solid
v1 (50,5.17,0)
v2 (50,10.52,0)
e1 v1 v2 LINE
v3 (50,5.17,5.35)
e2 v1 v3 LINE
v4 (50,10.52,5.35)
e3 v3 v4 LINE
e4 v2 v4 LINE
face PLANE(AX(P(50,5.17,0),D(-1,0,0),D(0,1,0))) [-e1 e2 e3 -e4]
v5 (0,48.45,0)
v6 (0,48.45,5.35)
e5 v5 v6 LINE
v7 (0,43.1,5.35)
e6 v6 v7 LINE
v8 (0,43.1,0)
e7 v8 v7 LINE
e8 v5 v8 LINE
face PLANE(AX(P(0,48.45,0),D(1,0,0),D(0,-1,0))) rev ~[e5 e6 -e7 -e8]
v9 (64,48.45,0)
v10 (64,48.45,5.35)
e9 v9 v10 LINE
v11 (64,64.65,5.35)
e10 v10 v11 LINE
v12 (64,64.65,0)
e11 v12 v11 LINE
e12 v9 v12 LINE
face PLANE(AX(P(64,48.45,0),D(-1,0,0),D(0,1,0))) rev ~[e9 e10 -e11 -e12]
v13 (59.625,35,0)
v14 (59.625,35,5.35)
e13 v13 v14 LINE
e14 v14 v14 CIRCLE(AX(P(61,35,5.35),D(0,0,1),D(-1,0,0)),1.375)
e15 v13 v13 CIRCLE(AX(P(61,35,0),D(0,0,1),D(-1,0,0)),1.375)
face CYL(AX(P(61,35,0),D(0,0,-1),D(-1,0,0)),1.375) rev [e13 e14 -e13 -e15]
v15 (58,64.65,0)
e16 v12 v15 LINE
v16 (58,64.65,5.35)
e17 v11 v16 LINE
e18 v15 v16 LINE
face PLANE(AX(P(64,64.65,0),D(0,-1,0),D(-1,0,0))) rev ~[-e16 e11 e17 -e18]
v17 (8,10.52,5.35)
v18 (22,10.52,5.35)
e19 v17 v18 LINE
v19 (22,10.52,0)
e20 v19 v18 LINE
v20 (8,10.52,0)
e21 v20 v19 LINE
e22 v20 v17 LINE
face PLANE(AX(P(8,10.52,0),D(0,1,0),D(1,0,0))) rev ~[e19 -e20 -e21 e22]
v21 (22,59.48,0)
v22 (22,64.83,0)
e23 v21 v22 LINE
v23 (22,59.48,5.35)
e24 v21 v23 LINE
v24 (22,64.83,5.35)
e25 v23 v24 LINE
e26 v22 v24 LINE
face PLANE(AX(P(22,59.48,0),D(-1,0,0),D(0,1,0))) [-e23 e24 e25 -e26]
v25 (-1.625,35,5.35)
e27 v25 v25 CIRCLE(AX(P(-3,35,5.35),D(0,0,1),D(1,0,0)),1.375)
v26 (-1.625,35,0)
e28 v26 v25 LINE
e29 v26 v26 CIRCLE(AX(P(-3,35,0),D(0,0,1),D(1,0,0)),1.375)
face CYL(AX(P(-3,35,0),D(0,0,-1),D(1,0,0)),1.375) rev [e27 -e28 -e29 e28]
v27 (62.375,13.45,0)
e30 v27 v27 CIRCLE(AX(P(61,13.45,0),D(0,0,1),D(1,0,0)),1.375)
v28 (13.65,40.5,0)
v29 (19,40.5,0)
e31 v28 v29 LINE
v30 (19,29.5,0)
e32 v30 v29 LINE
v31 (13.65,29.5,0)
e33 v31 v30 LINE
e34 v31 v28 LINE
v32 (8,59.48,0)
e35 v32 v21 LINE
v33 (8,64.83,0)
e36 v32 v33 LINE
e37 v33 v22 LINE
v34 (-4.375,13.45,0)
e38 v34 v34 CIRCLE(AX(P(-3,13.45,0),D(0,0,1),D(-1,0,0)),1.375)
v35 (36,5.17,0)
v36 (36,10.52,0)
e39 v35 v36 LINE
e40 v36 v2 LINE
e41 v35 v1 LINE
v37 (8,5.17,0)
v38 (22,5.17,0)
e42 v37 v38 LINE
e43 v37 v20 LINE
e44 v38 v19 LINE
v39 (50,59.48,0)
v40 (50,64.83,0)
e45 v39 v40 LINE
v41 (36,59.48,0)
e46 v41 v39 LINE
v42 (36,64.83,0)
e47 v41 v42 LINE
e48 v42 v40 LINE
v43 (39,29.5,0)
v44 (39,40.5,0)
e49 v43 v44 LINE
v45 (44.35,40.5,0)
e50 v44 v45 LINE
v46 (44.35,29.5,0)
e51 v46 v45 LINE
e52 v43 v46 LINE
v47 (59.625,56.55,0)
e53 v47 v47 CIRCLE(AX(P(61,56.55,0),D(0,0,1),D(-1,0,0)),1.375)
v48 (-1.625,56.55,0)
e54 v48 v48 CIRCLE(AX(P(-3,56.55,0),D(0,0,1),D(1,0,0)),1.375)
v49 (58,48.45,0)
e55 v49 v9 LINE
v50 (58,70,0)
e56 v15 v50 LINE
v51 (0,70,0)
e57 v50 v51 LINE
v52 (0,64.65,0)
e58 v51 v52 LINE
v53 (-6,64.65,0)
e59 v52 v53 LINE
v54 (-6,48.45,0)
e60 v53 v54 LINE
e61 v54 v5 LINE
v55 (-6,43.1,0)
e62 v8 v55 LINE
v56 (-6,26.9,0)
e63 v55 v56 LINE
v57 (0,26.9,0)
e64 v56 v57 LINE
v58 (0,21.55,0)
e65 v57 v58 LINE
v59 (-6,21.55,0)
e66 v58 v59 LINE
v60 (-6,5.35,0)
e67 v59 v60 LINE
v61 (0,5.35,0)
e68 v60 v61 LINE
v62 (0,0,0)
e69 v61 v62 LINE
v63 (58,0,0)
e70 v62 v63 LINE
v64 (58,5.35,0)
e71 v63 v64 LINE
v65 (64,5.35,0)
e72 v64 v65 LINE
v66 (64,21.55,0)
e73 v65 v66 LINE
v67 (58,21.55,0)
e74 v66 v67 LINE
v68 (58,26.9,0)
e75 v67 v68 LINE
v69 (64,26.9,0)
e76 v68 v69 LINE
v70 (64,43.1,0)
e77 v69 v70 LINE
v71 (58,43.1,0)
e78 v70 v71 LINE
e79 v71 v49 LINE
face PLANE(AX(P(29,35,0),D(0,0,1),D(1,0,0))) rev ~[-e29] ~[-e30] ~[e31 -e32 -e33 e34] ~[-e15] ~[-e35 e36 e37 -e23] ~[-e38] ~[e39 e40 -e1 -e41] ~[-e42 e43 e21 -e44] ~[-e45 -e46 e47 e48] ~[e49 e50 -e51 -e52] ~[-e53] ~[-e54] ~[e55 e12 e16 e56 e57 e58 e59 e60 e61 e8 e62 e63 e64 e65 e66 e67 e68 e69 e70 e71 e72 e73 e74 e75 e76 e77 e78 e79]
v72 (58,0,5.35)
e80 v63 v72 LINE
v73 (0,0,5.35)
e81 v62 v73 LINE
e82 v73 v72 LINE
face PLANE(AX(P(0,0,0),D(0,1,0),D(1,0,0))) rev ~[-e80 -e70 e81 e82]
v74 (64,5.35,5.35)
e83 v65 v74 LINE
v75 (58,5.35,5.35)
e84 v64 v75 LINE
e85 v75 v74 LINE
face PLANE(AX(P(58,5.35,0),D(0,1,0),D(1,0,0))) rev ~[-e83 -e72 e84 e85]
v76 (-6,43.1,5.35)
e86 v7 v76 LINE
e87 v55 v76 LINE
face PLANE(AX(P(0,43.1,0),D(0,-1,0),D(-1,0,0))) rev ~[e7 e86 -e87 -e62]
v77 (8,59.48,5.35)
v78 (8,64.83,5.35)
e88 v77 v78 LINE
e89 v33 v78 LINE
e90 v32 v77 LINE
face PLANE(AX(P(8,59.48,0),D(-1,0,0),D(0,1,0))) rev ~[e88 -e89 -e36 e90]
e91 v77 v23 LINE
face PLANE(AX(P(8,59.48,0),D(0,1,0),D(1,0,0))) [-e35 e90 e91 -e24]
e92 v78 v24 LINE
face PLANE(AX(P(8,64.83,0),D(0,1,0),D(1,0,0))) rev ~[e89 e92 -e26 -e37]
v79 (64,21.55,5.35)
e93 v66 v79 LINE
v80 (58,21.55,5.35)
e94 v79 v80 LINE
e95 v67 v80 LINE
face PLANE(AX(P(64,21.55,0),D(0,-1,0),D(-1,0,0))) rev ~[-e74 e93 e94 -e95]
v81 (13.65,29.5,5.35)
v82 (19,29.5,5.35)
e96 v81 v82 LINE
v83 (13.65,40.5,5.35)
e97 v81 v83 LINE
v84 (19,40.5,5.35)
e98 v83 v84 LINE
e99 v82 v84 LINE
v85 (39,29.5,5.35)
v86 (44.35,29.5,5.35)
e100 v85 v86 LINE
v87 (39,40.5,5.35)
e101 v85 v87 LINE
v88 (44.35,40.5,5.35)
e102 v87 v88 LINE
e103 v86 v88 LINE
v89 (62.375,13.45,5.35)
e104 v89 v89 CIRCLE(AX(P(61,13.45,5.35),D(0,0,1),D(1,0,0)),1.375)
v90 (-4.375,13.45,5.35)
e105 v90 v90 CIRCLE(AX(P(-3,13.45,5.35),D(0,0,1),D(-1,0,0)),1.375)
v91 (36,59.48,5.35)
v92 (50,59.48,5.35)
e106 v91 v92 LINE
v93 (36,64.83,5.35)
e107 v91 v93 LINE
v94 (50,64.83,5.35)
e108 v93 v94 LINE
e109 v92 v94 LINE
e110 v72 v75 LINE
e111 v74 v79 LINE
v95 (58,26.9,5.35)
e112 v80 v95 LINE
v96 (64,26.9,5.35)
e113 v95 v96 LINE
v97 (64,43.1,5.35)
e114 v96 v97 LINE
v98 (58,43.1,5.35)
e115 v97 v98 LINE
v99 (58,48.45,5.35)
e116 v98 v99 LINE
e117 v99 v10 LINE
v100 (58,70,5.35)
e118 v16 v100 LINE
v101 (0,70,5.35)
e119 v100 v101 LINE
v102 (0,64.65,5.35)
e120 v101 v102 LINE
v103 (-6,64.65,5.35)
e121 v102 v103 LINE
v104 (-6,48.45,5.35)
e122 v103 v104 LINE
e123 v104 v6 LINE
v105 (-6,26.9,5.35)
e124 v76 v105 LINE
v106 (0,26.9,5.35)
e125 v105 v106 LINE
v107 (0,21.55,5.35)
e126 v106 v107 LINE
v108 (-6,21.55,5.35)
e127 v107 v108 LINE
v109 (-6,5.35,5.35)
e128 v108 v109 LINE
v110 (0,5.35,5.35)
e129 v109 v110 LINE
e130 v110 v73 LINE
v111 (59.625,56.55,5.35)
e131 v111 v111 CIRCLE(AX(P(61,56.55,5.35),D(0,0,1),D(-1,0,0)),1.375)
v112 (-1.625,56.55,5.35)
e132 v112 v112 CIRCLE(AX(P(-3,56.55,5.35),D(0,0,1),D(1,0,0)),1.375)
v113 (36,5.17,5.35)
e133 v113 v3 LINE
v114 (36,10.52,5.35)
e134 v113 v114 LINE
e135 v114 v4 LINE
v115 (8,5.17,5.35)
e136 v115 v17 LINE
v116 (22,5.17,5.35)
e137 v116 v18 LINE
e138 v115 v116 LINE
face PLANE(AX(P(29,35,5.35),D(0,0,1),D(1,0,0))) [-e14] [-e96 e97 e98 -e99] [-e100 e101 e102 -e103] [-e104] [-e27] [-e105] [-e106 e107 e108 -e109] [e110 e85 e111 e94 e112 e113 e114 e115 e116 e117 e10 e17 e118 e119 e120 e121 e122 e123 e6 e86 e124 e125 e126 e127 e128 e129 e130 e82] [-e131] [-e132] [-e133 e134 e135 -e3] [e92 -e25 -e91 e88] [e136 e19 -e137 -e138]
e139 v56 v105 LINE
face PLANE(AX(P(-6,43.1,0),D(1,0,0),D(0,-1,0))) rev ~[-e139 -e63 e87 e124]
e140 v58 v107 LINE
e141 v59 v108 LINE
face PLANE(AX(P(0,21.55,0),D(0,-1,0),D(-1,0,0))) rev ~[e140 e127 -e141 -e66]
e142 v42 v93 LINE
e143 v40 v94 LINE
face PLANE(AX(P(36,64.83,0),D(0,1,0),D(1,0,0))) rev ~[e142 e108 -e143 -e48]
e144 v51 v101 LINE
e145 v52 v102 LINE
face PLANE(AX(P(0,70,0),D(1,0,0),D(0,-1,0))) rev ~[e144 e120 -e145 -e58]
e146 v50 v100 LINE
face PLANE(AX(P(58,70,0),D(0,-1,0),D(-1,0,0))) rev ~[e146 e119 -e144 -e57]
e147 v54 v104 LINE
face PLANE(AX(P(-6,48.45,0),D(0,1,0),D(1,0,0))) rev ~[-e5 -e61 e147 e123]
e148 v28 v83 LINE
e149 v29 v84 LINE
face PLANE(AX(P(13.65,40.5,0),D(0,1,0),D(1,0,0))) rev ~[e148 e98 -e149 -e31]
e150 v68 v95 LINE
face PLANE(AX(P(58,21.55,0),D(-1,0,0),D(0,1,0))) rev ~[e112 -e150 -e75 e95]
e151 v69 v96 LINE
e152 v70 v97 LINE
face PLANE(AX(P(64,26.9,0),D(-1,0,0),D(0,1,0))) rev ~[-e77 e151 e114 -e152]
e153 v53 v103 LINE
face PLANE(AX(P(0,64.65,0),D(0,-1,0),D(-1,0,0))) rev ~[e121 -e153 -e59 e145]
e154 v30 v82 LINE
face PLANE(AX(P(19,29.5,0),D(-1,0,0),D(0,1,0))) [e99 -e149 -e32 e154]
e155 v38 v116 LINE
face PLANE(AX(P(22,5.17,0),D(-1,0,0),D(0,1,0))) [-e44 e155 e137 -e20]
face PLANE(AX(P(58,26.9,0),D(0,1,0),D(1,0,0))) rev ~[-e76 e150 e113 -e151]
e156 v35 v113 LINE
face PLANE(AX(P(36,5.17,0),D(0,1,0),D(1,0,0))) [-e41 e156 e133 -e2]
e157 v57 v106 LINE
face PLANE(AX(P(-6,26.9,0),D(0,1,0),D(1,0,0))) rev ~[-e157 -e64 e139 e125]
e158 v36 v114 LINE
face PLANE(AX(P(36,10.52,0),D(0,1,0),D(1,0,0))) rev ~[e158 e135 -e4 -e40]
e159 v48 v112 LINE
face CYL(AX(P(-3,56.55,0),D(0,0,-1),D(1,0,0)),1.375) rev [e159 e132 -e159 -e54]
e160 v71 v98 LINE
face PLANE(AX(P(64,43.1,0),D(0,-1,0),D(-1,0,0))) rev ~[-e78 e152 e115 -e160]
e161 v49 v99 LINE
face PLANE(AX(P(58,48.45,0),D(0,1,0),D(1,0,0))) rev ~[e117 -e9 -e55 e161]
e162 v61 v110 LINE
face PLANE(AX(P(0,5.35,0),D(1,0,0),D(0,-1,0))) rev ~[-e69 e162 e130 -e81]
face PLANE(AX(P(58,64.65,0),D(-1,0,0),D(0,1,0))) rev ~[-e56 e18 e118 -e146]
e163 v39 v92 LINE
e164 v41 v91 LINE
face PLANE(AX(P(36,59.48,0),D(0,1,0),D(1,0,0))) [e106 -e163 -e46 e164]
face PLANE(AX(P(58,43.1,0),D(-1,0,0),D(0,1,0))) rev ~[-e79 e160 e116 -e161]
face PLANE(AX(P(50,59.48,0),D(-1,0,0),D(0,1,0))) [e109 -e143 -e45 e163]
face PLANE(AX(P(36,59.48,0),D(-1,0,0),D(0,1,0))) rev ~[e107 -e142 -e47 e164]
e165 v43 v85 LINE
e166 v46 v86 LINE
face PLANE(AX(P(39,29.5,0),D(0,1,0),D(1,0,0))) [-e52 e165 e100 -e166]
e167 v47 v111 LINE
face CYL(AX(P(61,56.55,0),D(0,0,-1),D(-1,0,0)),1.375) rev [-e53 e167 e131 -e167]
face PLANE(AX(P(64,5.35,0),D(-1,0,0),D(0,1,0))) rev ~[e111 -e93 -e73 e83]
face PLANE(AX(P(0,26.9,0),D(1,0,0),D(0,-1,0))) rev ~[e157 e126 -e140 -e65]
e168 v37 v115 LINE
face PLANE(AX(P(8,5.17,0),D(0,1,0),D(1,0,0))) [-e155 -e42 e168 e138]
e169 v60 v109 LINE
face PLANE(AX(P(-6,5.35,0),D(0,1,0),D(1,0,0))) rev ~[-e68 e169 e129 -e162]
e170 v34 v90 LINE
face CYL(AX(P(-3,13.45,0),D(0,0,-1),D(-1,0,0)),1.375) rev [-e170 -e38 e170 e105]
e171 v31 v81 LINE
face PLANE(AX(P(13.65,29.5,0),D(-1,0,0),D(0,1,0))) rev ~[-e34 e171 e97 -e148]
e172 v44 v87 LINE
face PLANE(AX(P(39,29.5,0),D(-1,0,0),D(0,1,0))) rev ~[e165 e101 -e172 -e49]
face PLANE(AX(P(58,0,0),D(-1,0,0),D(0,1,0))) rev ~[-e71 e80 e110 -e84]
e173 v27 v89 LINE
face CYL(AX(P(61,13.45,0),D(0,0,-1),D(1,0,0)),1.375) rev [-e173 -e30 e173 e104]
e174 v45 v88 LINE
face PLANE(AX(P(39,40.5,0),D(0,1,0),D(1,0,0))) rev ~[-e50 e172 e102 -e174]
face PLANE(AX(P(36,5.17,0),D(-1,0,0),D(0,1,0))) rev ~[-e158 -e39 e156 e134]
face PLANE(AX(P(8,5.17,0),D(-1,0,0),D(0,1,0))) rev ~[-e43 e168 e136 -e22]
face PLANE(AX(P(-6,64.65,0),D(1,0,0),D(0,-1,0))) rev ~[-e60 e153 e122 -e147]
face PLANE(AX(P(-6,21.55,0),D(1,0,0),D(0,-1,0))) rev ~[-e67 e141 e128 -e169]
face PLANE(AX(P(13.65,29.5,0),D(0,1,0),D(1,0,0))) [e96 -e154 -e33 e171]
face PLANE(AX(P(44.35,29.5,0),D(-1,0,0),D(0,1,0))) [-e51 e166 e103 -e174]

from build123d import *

# Parameters (mm, degrees)
MODEL_R             = 1.375
MODEL_W             = 14
MODEL_H             = 5.35
MODEL_W_2           = 5.35
MODEL_H_2           = 11
BOSS_EXTRUDE1_DEPTH = 5.35


with BuildPart() as part:
    # Model → Boss-Extrude1 (new body)
    with BuildSketch(Plane.XY):
        Polygon((0, 0), (58, 0), (58, 5.35), (64, 5.35), (64, 21.55), (58, 21.55), (58, 26.9), (64, 26.9), (64, 43.1), (58, 43.1), (58, 48.45), (64, 48.45), (64, 64.65), (58, 64.65), (58, 70), (0, 70), (0, 64.65), (-6, 64.65), (-6, 48.45), (0, 48.45), (0, 43.1), (-6, 43.1), (-6, 26.9), (0, 26.9), (0, 21.55), (-6, 21.55), (-6, 5.35), (0, 5.35), align=None)
        with Locations((-3, 56.55)):
            Circle(MODEL_R, mode=Mode.SUBTRACT)
        with Locations(Location((61, 56.55, 0), (0, 0, 180))):
            Circle(MODEL_R, mode=Mode.SUBTRACT)
        with Locations((61, 13.45)):
            Circle(MODEL_R, mode=Mode.SUBTRACT)
        with Locations(Location((-3, 13.45, 0), (0, 0, 180))):
            Circle(MODEL_R, mode=Mode.SUBTRACT)
        with Locations((-3, 35)):
            Circle(MODEL_R, mode=Mode.SUBTRACT)
        with Locations(Location((61, 35, 0), (0, 0, 180))):
            Circle(MODEL_R, mode=Mode.SUBTRACT)
        with Locations((15, 62.155)):
            Rectangle(MODEL_W, MODEL_H, mode=Mode.SUBTRACT)
        with Locations((43, 62.155)):
            Rectangle(MODEL_W, MODEL_H, mode=Mode.SUBTRACT)
        with Locations((43, 7.845)):
            Rectangle(MODEL_W, MODEL_H, mode=Mode.SUBTRACT)
        with Locations((15, 7.845)):
            Rectangle(MODEL_W, MODEL_H, mode=Mode.SUBTRACT)
        with Locations((16.325, 35)):
            Rectangle(MODEL_W_2, MODEL_H_2, mode=Mode.SUBTRACT)
        with Locations((41.675, 35)):
            Rectangle(MODEL_W_2, MODEL_H_2, mode=Mode.SUBTRACT)
    extrude(amount=BOSS_EXTRUDE1_DEPTH)


solid = part.part
